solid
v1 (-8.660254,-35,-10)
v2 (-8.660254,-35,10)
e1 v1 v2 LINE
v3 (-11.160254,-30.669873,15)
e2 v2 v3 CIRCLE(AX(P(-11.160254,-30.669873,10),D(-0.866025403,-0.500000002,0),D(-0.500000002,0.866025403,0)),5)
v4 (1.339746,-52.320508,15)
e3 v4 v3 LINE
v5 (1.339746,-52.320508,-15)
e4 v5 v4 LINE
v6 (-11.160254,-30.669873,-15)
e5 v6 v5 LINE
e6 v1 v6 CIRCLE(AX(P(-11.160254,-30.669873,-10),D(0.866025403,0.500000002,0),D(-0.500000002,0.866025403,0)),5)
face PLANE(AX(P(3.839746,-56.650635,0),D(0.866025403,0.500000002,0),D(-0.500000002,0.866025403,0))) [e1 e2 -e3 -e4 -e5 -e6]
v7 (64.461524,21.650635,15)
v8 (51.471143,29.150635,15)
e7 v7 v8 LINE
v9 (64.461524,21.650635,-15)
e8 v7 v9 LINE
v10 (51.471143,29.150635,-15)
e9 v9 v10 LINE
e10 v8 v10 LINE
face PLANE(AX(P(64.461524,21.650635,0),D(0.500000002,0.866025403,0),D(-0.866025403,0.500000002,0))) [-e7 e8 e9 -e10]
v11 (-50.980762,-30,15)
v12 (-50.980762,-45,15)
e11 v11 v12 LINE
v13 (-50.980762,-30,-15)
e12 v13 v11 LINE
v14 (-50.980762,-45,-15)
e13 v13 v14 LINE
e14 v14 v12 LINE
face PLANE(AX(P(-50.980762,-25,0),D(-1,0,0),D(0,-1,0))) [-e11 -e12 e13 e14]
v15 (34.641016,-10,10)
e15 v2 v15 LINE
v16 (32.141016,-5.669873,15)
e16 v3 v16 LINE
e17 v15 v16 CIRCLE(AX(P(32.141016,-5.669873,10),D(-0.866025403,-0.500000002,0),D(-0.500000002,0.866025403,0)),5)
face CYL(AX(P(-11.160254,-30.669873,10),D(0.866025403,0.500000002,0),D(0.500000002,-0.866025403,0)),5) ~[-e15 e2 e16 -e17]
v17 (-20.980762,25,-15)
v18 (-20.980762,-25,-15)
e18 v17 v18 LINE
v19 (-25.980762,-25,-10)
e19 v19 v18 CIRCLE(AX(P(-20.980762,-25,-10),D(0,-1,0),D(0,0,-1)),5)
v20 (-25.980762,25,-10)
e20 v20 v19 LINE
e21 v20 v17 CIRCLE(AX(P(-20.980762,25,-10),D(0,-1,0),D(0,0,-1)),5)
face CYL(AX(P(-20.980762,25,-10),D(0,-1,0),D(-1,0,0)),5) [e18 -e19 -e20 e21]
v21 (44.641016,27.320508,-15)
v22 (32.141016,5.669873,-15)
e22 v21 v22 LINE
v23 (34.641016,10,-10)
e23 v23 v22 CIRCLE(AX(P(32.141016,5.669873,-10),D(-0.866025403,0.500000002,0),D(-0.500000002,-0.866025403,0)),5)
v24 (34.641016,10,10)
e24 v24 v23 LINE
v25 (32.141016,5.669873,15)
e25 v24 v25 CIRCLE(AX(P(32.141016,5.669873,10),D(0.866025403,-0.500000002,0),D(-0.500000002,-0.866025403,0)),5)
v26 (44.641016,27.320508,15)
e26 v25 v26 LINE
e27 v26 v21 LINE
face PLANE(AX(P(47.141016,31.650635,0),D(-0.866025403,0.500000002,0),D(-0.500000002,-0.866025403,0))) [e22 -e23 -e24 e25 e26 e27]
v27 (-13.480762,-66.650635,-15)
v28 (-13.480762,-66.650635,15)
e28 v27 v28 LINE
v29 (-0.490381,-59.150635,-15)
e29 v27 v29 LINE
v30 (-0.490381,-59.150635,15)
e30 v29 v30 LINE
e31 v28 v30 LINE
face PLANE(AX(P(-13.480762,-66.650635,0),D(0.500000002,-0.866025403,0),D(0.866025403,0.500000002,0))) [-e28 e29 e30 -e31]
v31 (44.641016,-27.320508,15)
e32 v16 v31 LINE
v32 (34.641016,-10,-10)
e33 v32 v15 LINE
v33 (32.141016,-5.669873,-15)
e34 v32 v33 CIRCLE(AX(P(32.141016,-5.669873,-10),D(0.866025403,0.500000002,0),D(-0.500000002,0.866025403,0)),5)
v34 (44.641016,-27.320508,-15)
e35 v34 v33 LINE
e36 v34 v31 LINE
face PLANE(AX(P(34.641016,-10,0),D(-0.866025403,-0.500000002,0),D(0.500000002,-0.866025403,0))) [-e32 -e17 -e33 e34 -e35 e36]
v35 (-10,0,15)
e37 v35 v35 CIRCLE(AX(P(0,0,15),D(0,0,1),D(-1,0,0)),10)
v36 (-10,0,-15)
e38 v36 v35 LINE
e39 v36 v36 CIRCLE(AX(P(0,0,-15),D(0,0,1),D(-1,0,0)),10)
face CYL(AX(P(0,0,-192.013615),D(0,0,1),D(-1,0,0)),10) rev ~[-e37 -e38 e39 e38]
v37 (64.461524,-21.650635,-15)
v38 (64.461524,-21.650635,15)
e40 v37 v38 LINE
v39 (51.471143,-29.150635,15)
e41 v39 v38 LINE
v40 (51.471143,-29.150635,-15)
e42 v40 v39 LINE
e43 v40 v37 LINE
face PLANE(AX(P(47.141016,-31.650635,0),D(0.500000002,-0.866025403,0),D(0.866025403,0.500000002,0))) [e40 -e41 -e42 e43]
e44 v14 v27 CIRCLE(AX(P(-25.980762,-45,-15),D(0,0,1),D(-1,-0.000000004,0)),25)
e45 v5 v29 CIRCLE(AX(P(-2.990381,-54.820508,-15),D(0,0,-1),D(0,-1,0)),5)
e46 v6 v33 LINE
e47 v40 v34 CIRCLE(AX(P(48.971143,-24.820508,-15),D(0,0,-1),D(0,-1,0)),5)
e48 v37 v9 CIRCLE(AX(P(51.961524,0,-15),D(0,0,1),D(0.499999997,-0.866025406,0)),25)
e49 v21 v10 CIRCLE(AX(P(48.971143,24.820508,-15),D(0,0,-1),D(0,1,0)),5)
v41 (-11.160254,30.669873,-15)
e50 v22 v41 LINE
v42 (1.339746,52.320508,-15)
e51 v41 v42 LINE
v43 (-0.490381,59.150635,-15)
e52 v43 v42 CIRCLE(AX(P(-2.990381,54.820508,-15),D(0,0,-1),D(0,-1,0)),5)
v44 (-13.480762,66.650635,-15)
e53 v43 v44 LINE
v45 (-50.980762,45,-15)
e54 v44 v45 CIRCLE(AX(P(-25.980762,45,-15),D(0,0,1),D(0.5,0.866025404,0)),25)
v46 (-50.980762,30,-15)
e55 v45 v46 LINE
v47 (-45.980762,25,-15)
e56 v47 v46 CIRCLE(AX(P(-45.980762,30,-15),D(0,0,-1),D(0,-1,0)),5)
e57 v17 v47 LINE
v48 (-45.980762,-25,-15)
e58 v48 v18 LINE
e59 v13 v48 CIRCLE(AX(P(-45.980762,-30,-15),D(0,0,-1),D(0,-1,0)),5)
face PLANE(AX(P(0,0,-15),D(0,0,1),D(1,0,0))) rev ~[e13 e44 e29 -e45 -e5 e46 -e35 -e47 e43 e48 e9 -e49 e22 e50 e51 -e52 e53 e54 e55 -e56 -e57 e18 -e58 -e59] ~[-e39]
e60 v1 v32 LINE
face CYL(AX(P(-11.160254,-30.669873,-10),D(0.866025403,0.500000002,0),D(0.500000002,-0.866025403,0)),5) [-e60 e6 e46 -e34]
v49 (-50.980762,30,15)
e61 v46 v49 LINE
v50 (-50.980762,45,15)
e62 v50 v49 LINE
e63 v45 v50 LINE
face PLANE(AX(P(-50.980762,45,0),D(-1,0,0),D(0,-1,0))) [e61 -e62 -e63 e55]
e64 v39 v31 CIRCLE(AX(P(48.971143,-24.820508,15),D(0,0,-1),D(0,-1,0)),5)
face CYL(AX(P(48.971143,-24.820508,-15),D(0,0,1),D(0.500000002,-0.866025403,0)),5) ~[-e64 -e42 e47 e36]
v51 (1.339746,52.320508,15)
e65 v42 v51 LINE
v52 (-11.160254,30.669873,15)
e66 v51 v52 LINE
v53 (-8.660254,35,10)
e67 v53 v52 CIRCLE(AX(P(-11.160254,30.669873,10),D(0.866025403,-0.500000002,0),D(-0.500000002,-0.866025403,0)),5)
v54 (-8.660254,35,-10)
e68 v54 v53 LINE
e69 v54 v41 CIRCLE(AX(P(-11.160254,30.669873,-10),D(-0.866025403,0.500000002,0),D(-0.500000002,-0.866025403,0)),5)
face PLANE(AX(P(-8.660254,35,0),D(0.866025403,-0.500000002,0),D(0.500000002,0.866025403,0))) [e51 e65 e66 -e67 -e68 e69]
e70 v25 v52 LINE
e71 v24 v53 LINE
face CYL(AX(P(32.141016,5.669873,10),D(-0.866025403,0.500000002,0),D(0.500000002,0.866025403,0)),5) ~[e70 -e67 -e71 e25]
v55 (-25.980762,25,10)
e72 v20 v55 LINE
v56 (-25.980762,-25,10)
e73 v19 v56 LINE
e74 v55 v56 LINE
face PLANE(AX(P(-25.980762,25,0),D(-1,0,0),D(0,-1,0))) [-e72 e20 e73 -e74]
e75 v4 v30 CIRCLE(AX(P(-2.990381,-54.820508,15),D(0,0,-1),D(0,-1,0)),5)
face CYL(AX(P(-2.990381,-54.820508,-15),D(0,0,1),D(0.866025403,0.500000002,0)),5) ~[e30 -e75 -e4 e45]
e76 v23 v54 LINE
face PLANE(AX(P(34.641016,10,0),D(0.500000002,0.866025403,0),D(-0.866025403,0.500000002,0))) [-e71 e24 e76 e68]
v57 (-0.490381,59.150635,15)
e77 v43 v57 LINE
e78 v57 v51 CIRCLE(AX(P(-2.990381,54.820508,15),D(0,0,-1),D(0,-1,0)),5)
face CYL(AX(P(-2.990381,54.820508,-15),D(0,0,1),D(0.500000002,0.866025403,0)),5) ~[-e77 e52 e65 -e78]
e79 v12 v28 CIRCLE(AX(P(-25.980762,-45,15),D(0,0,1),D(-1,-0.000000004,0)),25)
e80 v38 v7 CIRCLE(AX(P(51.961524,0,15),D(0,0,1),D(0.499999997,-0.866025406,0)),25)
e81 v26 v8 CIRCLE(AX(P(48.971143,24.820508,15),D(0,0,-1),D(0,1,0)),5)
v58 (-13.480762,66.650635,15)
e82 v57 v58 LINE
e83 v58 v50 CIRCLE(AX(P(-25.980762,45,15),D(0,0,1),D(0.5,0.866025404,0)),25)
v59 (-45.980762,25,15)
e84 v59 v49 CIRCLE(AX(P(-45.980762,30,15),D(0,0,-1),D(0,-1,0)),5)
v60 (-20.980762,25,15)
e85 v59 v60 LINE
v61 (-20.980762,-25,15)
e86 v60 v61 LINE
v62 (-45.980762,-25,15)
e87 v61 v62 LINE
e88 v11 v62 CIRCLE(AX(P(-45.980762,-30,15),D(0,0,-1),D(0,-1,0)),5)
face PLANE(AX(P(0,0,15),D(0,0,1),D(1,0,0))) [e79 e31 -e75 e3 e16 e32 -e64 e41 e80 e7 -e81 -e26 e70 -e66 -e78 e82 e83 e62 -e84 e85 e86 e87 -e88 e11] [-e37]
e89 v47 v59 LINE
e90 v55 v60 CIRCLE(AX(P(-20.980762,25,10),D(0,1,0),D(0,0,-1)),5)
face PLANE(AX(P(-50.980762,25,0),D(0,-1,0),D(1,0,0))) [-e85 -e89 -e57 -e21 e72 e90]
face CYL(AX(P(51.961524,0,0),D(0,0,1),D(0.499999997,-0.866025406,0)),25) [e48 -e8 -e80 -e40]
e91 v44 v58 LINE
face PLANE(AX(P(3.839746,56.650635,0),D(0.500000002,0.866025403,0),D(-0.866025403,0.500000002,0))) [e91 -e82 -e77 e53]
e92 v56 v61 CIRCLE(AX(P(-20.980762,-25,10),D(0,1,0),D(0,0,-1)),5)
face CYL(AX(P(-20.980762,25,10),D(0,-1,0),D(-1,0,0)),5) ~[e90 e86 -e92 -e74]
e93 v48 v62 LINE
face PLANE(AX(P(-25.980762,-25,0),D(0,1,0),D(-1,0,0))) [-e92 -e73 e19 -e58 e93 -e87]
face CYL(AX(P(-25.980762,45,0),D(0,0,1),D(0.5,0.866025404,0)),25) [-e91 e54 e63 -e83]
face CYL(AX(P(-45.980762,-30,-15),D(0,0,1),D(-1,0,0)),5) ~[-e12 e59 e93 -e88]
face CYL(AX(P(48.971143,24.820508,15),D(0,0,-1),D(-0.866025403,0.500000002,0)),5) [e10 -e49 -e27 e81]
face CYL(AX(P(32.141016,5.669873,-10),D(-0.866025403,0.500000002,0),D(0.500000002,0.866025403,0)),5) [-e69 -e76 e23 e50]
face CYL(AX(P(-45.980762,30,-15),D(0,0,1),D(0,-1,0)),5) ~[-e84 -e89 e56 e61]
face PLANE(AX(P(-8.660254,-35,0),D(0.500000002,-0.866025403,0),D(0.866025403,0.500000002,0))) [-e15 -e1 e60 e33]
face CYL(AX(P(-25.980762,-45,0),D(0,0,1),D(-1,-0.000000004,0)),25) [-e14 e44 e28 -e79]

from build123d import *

# Parameters (mm, degrees)
F1_DEPTH = 15
F2_R     = 5
F3_D     = 20
F4_D     = 20


with BuildPart() as f1:
    # F0 (on Top) → F1 (new body, symmetric)
    with BuildSketch(Plane.XY):
        with BuildLine():
            Line((34.641016, 10), (-8.660254, 35))
            Line((-8.660254, 35), (3.839746, 56.650635))
            Line((3.839746, 56.650635), (-13.480762, 66.650635))
            ThreePointArc((-13.480762, 66.650635), (-38.480762, 66.650635), (-50.980762, 45))
            Line((-50.980762, 45), (-50.980762, 25))
            Line((-50.980762, 25), (-25.980762, 25))
            Line((-25.980762, 25), (-25.980762, -25))
            Line((-25.980762, -25), (-50.980762, -25))
            Line((-50.980762, -25), (-50.980762, -45))
            ThreePointArc((-50.980762, -45), (-38.480762, -66.650635), (-13.480762, -66.650635))
            Line((-13.480762, -66.650635), (3.839746, -56.650635))
            Line((3.839746, -56.650635), (-8.660254, -35))
            Line((-8.660254, -35), (34.641016, -10))
            Line((34.641016, -10), (47.141016, -31.650635))
            Line((47.141016, -31.650635), (64.461524, -21.650635))
            ThreePointArc((64.461524, -21.650635), (76.961524, 0), (64.461524, 21.650635))
            Line((64.461524, 21.650635), (47.141016, 31.650635))
            Line((47.141016, 31.650635), (34.641016, 10))
        make_face()
    extrude(amount=F1_DEPTH, both=True)

    # F2
    f2_edges = [f1.edges().sort_by_distance(p)[0] for p in [
        (12.990381, 22.5, 15),
        (12.990381, -22.5, 15),
        (-25.980762, 0, 15),
        (12.990381, 22.5, -15),
        (12.990381, -22.5, -15),
        (-25.980762, 0, -15),
        (3.839746, 56.650635, 0),
        (3.839746, -56.650635, 0),
        (47.141016, -31.650635, 0),
        (47.141016, 31.650635, 0),
        (-50.980762, -25, 0),
        (-50.980762, 25, 0),
    ]]
    fillet(f2_edges, radius=F2_R)

    # F3 (through all)
    with Locations(Plane(origin=(0, 0, 0), x_dir=(1, 0, 0), z_dir=(0, 0, -1))):
        with Locations((0, 0)):
            Hole(F3_D / 2)

    # F4 (through all)
    with Locations(Plane.XY):
        with Locations((0, 0)):
            Hole(F4_D / 2)


solid = f1.part
